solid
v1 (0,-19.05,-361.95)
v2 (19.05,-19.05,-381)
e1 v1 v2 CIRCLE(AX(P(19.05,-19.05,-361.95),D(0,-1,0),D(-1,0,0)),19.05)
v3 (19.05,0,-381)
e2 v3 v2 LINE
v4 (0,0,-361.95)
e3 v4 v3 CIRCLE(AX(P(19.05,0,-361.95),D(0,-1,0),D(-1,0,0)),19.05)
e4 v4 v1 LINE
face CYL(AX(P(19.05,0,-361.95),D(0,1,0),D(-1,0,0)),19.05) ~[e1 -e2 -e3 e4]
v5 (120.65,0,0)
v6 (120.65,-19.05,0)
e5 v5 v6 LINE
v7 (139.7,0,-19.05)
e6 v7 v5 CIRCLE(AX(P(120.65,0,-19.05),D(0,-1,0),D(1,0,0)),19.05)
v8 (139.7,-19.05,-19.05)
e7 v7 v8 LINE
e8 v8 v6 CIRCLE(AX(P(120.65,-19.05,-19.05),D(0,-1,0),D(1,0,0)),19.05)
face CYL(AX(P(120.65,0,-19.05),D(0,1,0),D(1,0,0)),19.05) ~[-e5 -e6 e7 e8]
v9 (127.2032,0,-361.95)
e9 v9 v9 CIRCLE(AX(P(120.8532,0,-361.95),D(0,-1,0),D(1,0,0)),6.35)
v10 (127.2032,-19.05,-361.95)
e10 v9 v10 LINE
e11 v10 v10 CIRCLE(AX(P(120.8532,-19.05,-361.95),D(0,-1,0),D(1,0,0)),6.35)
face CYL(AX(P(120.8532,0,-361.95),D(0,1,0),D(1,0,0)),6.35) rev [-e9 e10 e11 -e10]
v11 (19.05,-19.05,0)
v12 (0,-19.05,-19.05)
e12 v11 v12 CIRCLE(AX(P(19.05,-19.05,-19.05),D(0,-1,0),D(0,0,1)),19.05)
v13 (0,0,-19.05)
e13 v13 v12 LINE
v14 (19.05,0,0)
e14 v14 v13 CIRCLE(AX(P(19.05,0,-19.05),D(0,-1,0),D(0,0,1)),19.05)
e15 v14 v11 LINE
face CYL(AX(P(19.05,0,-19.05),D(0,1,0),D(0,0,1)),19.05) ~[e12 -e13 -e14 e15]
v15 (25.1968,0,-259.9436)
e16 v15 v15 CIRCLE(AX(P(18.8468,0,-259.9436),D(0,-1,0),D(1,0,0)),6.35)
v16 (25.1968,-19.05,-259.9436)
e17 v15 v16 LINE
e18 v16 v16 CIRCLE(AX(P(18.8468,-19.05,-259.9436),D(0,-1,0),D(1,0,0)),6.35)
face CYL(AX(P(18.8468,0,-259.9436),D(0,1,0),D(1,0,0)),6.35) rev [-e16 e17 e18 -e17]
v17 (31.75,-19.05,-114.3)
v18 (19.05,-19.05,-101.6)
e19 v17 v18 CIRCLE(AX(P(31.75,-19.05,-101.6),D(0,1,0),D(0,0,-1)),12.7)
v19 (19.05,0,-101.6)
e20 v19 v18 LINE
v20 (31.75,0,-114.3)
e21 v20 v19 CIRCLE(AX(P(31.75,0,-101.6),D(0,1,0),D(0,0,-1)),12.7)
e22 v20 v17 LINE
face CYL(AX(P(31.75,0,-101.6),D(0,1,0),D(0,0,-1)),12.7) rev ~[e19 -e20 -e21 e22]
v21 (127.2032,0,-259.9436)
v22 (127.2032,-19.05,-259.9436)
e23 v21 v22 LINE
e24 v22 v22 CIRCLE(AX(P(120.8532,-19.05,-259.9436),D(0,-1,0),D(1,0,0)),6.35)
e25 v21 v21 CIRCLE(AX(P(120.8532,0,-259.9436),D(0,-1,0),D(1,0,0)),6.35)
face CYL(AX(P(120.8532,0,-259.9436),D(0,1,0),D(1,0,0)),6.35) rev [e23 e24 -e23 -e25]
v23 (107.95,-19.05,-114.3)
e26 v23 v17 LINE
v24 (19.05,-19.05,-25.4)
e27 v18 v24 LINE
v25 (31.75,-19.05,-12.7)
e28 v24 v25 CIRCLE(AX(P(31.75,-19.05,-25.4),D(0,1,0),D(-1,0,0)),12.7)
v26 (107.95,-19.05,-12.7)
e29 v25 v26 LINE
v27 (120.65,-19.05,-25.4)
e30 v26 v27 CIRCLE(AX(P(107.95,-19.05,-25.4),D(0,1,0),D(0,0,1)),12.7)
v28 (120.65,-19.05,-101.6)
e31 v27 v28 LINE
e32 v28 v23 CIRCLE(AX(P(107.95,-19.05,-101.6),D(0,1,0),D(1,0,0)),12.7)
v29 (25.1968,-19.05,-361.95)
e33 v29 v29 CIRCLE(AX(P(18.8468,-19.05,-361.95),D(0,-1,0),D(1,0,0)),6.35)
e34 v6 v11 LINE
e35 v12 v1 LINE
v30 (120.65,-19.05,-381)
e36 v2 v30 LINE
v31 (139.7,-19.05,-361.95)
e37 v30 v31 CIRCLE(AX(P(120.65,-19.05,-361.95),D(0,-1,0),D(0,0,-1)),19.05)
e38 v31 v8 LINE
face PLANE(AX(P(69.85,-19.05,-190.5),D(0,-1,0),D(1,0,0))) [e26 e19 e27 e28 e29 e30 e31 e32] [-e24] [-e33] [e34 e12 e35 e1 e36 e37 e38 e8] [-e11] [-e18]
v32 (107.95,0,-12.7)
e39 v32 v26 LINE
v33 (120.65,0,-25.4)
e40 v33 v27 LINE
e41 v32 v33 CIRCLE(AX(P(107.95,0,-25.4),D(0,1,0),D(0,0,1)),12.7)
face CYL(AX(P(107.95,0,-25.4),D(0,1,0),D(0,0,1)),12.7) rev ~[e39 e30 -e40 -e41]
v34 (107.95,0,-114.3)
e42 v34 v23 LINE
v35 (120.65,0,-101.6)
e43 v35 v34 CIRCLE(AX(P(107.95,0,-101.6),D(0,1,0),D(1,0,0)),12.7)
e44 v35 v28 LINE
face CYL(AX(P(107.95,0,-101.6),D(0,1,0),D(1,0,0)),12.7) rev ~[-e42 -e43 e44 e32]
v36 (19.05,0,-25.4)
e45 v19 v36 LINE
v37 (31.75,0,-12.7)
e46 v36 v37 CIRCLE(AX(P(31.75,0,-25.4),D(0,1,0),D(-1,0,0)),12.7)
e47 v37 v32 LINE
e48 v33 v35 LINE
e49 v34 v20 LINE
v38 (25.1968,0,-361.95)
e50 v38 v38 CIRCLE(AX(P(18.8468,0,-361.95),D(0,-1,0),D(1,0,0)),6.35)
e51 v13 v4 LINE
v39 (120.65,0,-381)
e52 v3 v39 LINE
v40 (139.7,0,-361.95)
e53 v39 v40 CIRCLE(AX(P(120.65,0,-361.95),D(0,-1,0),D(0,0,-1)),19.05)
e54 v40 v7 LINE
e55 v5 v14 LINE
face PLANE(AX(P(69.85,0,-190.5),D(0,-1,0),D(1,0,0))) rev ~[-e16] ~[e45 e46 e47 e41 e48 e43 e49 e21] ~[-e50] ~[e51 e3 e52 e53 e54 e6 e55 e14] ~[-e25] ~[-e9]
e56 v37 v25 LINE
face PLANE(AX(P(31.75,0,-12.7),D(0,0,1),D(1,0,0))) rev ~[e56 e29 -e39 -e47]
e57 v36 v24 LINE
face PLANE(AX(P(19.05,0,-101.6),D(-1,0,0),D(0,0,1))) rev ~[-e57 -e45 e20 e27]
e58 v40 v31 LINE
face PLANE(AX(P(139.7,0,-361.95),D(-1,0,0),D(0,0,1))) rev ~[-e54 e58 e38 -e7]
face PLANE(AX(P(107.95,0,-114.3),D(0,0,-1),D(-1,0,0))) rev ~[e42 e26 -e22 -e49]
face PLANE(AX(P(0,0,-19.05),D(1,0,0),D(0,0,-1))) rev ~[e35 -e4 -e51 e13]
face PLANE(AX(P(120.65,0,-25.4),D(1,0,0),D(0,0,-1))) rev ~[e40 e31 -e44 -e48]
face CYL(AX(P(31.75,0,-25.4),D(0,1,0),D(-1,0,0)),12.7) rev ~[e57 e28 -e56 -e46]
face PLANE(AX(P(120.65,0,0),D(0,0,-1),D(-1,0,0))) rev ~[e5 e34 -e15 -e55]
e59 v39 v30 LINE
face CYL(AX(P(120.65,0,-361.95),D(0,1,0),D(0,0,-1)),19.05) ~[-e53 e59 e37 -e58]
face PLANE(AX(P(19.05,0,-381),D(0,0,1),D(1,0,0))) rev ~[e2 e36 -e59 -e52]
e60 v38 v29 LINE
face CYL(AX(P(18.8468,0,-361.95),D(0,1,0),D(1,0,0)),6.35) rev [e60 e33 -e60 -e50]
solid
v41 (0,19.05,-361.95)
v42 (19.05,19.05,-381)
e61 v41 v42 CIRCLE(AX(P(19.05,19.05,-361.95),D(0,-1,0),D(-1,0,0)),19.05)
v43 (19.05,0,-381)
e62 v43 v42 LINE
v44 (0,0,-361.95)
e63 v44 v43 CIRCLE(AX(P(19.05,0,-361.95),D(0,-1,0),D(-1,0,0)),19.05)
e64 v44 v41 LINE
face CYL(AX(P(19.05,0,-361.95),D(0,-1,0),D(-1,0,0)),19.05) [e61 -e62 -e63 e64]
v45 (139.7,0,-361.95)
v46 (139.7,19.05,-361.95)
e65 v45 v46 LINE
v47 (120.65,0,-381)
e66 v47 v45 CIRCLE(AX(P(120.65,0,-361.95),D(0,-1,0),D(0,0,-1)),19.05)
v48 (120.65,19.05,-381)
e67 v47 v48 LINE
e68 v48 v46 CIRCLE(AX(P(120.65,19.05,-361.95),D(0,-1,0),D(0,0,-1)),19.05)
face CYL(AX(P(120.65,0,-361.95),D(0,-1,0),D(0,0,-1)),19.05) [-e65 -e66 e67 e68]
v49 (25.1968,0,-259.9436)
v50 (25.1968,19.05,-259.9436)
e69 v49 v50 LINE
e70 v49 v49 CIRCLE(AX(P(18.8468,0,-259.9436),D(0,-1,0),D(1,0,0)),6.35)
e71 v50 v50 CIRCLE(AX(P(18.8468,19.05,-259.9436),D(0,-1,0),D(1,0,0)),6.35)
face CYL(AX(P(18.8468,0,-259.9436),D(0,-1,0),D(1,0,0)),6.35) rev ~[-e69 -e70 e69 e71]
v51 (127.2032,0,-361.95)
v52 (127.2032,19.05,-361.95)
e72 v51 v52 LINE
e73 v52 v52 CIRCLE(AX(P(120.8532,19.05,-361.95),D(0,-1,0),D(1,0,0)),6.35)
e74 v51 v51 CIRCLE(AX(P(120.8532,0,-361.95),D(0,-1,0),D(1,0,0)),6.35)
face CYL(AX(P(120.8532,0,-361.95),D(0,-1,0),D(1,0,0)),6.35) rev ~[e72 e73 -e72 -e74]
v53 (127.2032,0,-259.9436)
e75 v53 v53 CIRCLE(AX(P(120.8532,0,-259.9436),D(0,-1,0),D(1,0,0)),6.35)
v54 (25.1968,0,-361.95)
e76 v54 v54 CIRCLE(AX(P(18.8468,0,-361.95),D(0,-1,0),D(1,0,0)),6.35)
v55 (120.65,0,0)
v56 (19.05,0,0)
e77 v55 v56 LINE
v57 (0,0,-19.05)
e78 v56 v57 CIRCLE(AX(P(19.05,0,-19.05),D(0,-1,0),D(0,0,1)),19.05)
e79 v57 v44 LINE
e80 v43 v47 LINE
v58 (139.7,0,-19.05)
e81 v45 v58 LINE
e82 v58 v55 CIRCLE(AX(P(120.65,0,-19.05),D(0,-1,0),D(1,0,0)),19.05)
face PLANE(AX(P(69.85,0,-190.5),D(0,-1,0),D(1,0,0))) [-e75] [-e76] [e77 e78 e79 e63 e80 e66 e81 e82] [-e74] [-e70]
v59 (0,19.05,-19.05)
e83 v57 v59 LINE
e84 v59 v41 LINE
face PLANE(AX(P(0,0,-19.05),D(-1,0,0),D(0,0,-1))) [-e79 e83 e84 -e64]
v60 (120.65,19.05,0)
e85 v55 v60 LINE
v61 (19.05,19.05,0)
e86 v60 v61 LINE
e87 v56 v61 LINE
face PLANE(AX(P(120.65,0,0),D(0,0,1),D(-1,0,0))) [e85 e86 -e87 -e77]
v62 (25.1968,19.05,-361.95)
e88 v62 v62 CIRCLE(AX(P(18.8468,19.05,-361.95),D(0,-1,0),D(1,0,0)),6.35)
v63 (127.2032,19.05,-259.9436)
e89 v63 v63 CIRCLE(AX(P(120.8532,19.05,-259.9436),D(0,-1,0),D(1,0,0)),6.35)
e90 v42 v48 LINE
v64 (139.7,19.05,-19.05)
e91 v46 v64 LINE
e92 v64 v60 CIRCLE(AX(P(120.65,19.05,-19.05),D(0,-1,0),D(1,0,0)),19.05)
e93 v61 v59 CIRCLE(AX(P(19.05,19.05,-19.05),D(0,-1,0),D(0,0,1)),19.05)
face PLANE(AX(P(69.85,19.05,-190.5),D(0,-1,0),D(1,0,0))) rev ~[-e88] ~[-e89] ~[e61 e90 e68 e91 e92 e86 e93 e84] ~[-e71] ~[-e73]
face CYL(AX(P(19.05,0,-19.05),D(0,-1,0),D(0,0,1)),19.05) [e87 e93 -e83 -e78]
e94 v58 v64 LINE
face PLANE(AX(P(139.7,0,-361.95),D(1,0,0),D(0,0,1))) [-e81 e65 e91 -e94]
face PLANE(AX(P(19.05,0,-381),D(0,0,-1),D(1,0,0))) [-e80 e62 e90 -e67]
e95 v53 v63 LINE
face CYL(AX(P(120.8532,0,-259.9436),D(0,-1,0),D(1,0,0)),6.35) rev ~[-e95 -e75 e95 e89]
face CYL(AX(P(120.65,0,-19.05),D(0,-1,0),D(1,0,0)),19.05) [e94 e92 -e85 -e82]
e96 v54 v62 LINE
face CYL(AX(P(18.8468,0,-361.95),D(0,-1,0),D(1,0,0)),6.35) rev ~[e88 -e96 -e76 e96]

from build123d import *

# Parameters (mm, degrees)
F0_R     = 6.35
F1_DEPTH = 19.05
F2_DEPTH = 19.05


with BuildPart() as f1:
    # F0 (on Front) → F1 (new body)
    with BuildSketch(Plane.XZ):
        with BuildLine():
            Line((120.65, 0), (19.05, 0))
            ThreePointArc((19.05, 0), (5.5796158184, -5.5796158184), (0, -19.05))
            Line((0, -19.05), (0, -361.95))
            ThreePointArc((0, -361.95), (5.5796158184, -375.4203841816), (19.05, -381))
            Line((19.05, -381), (120.65, -381))
            ThreePointArc((120.65, -381), (134.1203841816, -375.4203841816), (139.7, -361.95))
            Line((139.7, -361.95), (139.7, -19.05))
            ThreePointArc((139.7, -19.05), (134.1203841816, -5.5796158184), (120.65, 0))
        make_face()
        with Locations((18.8468, -361.95)):
            Circle(F0_R, mode=Mode.SUBTRACT)
        with Locations((18.8468, -259.9436)):
            Circle(F0_R, mode=Mode.SUBTRACT)
        with Locations((120.8532, -361.95)):
            Circle(F0_R, mode=Mode.SUBTRACT)
        with Locations((120.8532, -259.9436)):
            Circle(F0_R, mode=Mode.SUBTRACT)
        with BuildLine():
            ThreePointArc((19.05, -25.4), (22.7697438789, -16.4197438789), (31.75, -12.7))
            Line((31.75, -12.7), (107.95, -12.7))
            ThreePointArc((107.95, -12.7), (116.9302561211, -16.4197438789), (120.65, -25.4))
            Line((120.65, -25.4), (120.65, -101.6))
            ThreePointArc((120.65, -101.6), (116.9302561211, -110.5802561211), (107.95, -114.3))
            Line((107.95, -114.3), (31.75, -114.3))
            ThreePointArc((31.75, -114.3), (22.7697438789, -110.5802561211), (19.05, -101.6))
            Line((19.05, -101.6), (19.05, -25.4))
        make_face(mode=Mode.SUBTRACT)
    extrude(amount=F1_DEPTH)


with BuildPart() as f2:
    # F0 (on Front) → F2 (new body)
    with BuildSketch(Plane.XZ):
        with BuildLine():
            Line((120.65, 0), (19.05, 0))
            ThreePointArc((19.05, 0), (5.5796158184, -5.5796158184), (0, -19.05))
            Line((0, -19.05), (0, -361.95))
            ThreePointArc((0, -361.95), (5.5796158184, -375.4203841816), (19.05, -381))
            Line((19.05, -381), (120.65, -381))
            ThreePointArc((120.65, -381), (134.1203841816, -375.4203841816), (139.7, -361.95))
            Line((139.7, -361.95), (139.7, -19.05))
            ThreePointArc((139.7, -19.05), (134.1203841816, -5.5796158184), (120.65, 0))
        make_face()
        with Locations((18.8468, -361.95)):
            Circle(F0_R, mode=Mode.SUBTRACT)
        with Locations((18.8468, -259.9436)):
            Circle(F0_R, mode=Mode.SUBTRACT)
        with Locations((120.8532, -361.95)):
            Circle(F0_R, mode=Mode.SUBTRACT)
        with Locations((120.8532, -259.9436)):
            Circle(F0_R, mode=Mode.SUBTRACT)
        with BuildLine():
            ThreePointArc((19.05, -25.4), (22.7697438789, -16.4197438789), (31.75, -12.7))
            Line((31.75, -12.7), (107.95, -12.7))
            ThreePointArc((107.95, -12.7), (116.9302561211, -16.4197438789), (120.65, -25.4))
            Line((120.65, -25.4), (120.65, -101.6))
            ThreePointArc((120.65, -101.6), (116.9302561211, -110.5802561211), (107.95, -114.3))
            Line((107.95, -114.3), (31.75, -114.3))
            ThreePointArc((31.75, -114.3), (22.7697438789, -110.5802561211), (19.05, -101.6))
            Line((19.05, -101.6), (19.05, -25.4))
        make_face(mode=Mode.SUBTRACT)
        with BuildLine():
            Line((107.95, -12.7), (31.75, -12.7))
            ThreePointArc((31.75, -12.7), (22.7697438789, -16.4197438789), (19.05, -25.4))
            Line((19.05, -25.4), (19.05, -101.6))
            ThreePointArc((19.05, -101.6), (22.7697438789, -110.5802561211), (31.75, -114.3))
            Line((31.75, -114.3), (107.95, -114.3))
            ThreePointArc((107.95, -114.3), (116.9302561211, -110.5802561211), (120.65, -101.6))
            Line((120.65, -101.6), (120.65, -25.4))
            ThreePointArc((120.65, -25.4), (116.9302561211, -16.4197438789), (107.95, -12.7))
        make_face()
    extrude(amount=-F2_DEPTH)


solid = Compound([f1.part, f2.part])
